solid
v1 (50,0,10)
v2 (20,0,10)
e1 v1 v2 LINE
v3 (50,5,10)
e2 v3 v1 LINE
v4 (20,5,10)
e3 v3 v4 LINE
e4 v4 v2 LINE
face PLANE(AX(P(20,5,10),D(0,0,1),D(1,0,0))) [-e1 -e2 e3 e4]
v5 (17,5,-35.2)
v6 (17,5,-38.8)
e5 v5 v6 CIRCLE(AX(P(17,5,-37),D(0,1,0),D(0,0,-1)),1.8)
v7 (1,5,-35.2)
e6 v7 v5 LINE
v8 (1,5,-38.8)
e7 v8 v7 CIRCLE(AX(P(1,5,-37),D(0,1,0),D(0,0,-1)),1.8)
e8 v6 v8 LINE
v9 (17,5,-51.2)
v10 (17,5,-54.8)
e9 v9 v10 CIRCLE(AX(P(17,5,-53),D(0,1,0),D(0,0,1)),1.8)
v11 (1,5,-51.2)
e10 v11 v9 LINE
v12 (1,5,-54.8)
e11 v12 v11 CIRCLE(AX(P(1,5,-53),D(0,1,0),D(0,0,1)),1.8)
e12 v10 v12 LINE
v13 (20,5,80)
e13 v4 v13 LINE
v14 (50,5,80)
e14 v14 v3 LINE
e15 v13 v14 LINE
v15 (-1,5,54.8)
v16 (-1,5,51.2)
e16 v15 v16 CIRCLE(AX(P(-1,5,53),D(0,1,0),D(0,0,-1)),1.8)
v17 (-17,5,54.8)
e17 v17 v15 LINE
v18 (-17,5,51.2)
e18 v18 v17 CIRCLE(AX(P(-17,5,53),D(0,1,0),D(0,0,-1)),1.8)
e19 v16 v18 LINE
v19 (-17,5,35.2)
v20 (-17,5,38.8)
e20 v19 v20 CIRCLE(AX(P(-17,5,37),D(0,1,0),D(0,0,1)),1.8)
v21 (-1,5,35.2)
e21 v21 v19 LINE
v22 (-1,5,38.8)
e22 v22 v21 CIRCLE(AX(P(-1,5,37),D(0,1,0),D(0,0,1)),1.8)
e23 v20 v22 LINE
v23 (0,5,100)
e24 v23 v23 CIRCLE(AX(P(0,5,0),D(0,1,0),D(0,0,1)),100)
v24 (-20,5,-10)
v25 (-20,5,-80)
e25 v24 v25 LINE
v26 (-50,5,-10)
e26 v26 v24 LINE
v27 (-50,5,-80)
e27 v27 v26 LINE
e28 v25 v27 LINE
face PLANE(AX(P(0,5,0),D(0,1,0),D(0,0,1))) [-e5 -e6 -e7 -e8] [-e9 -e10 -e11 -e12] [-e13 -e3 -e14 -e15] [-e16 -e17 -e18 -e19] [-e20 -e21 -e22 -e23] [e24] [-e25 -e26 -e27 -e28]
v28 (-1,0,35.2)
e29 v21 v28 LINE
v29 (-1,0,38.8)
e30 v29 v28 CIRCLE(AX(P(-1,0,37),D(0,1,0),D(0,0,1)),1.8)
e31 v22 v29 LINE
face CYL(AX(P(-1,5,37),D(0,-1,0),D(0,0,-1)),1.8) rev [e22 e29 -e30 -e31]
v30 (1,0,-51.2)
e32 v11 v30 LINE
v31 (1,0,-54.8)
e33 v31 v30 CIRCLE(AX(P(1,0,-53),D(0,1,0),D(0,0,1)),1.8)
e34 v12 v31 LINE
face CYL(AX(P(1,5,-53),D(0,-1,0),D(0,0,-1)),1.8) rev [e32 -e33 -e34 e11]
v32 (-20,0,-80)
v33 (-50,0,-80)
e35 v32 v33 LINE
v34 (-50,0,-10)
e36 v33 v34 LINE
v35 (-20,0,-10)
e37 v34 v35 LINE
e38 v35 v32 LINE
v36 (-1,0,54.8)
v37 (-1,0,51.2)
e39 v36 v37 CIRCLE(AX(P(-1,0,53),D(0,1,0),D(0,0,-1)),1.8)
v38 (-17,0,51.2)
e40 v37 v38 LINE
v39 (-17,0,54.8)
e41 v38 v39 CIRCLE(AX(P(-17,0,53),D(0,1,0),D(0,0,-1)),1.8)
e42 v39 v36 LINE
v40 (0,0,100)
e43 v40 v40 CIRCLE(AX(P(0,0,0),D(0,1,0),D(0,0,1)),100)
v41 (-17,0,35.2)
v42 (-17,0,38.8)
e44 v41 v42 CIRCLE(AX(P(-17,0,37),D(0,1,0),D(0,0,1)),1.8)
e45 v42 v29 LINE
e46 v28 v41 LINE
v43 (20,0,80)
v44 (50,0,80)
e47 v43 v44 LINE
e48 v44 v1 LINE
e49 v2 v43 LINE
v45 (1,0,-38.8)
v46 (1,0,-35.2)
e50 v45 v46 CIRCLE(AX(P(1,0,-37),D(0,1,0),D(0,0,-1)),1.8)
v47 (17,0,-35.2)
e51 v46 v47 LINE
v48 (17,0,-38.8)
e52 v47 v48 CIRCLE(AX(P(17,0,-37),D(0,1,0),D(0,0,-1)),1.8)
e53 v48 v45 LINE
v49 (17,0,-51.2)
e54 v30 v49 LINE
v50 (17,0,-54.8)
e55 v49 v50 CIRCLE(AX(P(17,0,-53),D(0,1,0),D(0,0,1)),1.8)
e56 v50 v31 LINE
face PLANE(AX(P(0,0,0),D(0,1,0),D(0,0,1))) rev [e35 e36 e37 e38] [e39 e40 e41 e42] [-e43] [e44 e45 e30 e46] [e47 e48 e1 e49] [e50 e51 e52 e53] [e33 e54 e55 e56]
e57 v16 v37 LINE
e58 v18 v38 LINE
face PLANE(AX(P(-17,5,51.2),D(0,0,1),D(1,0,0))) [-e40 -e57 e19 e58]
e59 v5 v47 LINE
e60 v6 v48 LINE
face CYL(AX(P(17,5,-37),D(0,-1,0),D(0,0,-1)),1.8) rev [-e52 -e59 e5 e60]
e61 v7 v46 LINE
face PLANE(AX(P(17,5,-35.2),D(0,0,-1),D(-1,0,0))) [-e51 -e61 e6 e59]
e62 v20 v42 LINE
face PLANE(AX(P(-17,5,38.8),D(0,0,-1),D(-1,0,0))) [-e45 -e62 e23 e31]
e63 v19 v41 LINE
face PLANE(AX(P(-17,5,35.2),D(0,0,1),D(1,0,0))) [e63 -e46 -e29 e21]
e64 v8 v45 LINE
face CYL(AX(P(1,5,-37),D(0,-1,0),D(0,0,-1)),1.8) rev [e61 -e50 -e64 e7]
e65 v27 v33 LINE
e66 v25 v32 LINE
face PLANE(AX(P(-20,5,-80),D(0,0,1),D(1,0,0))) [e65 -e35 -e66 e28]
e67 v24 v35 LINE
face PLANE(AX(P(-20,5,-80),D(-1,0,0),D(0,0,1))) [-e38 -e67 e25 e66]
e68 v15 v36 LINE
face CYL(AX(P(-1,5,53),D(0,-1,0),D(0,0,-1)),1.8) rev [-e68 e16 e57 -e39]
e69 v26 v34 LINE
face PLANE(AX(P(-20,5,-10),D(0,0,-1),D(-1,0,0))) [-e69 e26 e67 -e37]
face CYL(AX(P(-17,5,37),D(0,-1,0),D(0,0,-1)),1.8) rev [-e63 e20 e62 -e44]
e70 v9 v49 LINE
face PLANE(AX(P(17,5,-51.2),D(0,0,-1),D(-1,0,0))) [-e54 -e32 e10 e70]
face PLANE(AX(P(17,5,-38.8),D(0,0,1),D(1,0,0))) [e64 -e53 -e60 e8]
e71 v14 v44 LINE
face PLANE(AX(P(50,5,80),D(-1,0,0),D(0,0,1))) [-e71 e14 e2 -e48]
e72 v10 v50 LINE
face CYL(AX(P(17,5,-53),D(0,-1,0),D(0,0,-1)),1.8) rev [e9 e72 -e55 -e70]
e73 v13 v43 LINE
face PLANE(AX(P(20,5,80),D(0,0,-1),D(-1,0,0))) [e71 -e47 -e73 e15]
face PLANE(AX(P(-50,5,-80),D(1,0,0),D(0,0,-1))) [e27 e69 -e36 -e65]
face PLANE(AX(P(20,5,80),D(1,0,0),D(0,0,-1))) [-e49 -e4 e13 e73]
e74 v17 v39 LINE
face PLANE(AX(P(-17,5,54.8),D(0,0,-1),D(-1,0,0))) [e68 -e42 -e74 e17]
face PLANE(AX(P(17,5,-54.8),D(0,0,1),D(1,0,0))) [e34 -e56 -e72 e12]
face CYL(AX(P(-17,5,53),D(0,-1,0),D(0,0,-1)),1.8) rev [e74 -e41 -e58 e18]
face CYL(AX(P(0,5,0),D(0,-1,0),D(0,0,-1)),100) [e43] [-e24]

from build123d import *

# Parameters (mm, degrees)
SKETCH_1_R               = 100
EXTRUDE_1_DEPTH          = 5
SKETCH_3_W               = 30
SKETCH_3_H               = 70
CUT_EXTRUDE_1_DEPTH      = 142.509716981
CUT_EXTRUDE_2_DEPTH      = 142.509716981
PATTERN_CIRCULAR_1_COUNT = 2


with BuildPart() as part:
    # 草图1 → 凸台-拉伸1 (new body)
    with BuildSketch(Plane(origin=(0, 0, 0), x_dir=(1, 0, 0), z_dir=(0, 1, 0))):
        with Locations(Location((0, 0, 0), (0, 0, 270))):
            Circle(SKETCH_1_R)
    extrude(amount=EXTRUDE_1_DEPTH)

    # 草图3 → 切除-拉伸1 (cut, through all)
    with BuildSketch(Plane(origin=(0, 0, 0), x_dir=(1, 0, 0), z_dir=(0, 1, 0))):
        with Locations((35, -45)):
            Rectangle(SKETCH_3_W, SKETCH_3_H)
    cut_extrude_1 = extrude(amount=CUT_EXTRUDE_1_DEPTH, mode=Mode.SUBTRACT)

    # 草图2 → 切除-拉伸2 (cut, through all)
    with BuildSketch(Plane(origin=(0, 0, 0), x_dir=(1, 0, 0), z_dir=(0, 1, 0))):
        with BuildLine():
            Line((-17, -35.2), (-1, -35.2))
            ThreePointArc((-1, -35.2), (0.8, -37), (-1, -38.8))
            Line((-1, -38.8), (-17, -38.8))
            ThreePointArc((-17, -38.8), (-18.8, -37), (-17, -35.2))
        make_face()
        with BuildLine():
            Line((-17, -54.8), (-1, -54.8))
            ThreePointArc((-1, -54.8), (0.8, -53), (-1, -51.2))
            Line((-1, -51.2), (-17, -51.2))
            ThreePointArc((-17, -51.2), (-18.8, -53), (-17, -54.8))
        make_face()
    cut_extrude_2 = extrude(amount=CUT_EXTRUDE_2_DEPTH, mode=Mode.SUBTRACT)

    # 阵列(圆周)1: 切除-拉伸1, 切除-拉伸2 ×2 about axis
    pattern_circular_1_axis = Axis((0, 0, 0), (0, 1, 0))
    add([cut_extrude_1.rotate(pattern_circular_1_axis, i * 360 / PATTERN_CIRCULAR_1_COUNT) for i in range(1, PATTERN_CIRCULAR_1_COUNT)], mode=Mode.SUBTRACT)
    add([cut_extrude_2.rotate(pattern_circular_1_axis, i * 360 / PATTERN_CIRCULAR_1_COUNT) for i in range(1, PATTERN_CIRCULAR_1_COUNT)], mode=Mode.SUBTRACT)


solid = part.part
